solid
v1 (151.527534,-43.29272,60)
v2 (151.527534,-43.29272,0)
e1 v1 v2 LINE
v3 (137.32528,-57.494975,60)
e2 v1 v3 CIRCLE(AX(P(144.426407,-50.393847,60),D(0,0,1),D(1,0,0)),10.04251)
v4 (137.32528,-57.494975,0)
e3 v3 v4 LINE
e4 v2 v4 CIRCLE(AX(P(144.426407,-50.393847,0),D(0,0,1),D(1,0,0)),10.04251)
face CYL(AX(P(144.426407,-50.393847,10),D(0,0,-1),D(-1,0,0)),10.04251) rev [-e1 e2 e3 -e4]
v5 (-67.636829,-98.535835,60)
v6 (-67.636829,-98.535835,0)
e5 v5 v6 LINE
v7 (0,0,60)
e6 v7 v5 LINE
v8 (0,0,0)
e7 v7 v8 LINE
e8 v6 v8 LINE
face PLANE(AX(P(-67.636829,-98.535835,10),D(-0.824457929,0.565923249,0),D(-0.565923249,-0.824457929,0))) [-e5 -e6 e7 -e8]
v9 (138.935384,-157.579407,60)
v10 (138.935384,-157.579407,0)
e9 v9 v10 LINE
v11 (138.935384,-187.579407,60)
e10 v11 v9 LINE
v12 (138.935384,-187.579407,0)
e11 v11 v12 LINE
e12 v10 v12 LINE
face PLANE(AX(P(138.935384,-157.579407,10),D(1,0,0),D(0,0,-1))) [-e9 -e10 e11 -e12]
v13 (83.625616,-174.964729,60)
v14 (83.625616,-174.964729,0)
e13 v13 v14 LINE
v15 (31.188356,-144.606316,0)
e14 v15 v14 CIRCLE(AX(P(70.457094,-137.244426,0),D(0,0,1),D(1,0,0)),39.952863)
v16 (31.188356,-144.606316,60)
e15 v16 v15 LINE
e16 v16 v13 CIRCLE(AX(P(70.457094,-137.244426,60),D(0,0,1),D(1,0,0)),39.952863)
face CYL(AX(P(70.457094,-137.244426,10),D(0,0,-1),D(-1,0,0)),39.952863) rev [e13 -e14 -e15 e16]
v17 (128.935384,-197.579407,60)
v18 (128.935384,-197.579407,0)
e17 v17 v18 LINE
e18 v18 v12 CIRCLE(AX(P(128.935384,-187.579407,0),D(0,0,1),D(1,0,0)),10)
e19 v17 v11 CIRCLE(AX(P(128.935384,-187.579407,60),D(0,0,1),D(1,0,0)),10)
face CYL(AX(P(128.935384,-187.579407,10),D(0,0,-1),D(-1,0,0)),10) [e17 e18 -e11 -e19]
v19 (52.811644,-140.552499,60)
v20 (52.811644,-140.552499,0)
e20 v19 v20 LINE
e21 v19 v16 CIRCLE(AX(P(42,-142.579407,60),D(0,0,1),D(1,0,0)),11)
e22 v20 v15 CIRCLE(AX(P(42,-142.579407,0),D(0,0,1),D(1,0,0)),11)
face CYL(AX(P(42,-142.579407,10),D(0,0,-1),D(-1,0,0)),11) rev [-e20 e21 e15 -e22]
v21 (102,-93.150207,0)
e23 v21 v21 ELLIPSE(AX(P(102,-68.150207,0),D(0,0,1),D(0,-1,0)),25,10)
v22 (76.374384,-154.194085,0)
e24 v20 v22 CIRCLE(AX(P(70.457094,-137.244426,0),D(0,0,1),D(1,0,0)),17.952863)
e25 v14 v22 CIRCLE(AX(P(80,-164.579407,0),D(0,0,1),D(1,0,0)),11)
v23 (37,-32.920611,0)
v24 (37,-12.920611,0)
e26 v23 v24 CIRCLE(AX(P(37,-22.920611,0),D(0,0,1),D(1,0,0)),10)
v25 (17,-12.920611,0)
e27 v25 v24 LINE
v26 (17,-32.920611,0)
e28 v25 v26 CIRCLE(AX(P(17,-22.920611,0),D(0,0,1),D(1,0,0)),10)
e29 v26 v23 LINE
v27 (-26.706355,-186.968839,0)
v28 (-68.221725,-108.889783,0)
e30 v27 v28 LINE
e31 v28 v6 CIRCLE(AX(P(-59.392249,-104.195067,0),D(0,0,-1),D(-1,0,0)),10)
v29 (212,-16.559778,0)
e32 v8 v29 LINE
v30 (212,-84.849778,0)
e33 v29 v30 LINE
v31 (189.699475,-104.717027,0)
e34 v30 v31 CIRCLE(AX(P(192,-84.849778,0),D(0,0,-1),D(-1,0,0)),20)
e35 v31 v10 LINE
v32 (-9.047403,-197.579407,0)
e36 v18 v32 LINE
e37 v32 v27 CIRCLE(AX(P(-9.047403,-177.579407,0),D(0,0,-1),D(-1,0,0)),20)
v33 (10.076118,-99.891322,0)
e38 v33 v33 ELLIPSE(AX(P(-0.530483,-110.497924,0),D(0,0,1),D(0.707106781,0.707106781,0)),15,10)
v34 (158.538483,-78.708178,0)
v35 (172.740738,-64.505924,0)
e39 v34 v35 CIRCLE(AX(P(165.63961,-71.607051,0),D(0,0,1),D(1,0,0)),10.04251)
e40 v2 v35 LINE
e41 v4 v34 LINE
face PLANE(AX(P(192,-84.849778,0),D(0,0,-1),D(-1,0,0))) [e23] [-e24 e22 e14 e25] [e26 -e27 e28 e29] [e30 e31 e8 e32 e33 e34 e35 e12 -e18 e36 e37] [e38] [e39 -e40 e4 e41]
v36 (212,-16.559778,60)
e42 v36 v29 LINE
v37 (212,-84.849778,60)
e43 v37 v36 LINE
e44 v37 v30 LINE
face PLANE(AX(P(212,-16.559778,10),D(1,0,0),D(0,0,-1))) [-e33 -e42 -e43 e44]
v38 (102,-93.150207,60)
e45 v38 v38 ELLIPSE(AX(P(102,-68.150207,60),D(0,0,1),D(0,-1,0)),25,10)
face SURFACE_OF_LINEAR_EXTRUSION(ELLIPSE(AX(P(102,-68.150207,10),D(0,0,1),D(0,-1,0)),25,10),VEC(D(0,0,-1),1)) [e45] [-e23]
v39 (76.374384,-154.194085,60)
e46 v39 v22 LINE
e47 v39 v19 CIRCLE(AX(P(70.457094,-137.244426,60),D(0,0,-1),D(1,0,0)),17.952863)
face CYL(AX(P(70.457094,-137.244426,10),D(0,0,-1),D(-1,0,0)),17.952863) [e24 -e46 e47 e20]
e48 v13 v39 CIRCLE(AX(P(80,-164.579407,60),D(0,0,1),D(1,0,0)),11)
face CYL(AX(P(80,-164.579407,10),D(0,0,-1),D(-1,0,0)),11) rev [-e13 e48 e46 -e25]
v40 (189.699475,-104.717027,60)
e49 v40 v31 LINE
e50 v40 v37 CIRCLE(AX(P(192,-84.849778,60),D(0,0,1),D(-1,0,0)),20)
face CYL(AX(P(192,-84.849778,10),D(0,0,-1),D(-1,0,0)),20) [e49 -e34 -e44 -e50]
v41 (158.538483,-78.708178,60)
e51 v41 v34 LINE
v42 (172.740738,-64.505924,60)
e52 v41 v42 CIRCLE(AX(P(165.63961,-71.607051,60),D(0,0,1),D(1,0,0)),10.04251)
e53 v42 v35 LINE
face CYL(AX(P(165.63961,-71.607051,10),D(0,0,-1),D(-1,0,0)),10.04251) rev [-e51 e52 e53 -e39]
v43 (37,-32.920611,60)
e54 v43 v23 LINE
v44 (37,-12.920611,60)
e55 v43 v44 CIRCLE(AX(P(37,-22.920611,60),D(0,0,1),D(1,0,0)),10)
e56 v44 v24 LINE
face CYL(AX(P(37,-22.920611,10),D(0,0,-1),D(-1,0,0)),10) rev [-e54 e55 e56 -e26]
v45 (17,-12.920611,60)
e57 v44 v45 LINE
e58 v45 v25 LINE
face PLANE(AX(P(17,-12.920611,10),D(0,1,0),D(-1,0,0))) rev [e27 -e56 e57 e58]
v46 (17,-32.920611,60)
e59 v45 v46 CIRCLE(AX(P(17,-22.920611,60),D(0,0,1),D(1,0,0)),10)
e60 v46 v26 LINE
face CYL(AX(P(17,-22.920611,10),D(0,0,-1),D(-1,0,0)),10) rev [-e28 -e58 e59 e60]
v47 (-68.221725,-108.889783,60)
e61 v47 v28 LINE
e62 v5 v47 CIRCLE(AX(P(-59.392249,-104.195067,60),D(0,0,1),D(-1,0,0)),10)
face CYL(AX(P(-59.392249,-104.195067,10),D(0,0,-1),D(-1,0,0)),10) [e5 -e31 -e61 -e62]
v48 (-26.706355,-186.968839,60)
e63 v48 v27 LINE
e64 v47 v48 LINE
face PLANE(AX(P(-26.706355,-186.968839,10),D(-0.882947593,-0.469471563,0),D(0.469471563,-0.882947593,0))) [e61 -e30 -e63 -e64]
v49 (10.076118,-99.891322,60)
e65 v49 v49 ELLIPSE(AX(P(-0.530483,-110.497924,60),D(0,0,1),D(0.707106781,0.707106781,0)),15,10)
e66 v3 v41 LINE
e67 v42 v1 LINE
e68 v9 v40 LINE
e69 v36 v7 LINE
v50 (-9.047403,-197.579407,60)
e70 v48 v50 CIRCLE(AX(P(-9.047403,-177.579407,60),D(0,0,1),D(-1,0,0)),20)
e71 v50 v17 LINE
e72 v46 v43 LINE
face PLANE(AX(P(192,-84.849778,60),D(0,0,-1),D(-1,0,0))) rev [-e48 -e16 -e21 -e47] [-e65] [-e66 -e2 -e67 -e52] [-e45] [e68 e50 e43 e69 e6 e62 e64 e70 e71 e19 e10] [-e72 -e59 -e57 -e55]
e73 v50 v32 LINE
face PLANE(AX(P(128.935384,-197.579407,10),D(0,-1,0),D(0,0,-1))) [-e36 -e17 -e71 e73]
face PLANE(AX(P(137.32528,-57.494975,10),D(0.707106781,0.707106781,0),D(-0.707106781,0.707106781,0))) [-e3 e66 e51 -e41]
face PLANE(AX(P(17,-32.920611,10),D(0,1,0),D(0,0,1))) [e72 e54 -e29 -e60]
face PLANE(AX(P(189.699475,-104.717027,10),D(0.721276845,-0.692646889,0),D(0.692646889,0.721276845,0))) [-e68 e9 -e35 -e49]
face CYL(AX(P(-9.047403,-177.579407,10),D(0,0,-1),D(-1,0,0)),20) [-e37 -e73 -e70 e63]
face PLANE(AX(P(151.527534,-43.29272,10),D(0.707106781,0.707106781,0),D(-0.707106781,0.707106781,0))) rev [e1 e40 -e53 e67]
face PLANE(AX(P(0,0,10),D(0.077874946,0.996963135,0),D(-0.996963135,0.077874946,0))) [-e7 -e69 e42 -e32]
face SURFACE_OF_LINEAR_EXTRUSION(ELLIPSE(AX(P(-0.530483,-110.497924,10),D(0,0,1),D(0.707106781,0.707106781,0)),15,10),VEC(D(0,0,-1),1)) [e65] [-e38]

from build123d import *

# Parameters (mm, degrees)
SKETCH_3_RX     = 15
SKETCH_3_RY     = 10
SKETCH_3_RX_2   = 25
EXTRUDE_1_DEPTH = 10
SKETCH_3_3_RX   = 15
SKETCH_3_3_RY   = 10
SKETCH_3_3_RX_2 = 25
EXTRUDE_2_DEPTH = 60


with BuildPart() as part:
    # 草图3 → 凸台-拉伸1 (new body)
    with BuildSketch(Plane.XY):
        with BuildLine():
            Line((0, 0), (212, -16.559778275))
            Line((212, -16.559778275), (212, -84.849778275))
            ThreePointArc((212, -84.849778275), (205.303937337, -99.783138625), (189.699474868, -104.717027308))
            Line((189.699474868, -104.717027308), (138.935384383, -157.579407289))
            Line((138.935384383, -157.579407289), (138.935384383, -187.579407289))
            ThreePointArc((138.935384383, -187.579407289), (136.006452195, -194.650475101), (128.935384383, -197.579407289))
            Line((128.935384383, -197.579407289), (-9.047403236, -197.579407289))
            ThreePointArc((-9.047403236, -197.579407289), (-19.348164734, -194.722753304), (-26.706355093, -186.968838545))
            Line((-26.706355093, -186.968838545), (-68.22172539, -108.889782909))
            ThreePointArc((-68.22172539, -108.889782909), (-69.376331833, -103.631064432), (-67.636828751, -98.535834793))
            Line((-67.636828751, -98.535834793), (0, 0))
        make_face()
        with Locations(Location((-0.530483272, -110.497923763), (0, 0, -135))):
            Ellipse(SKETCH_3_RX, SKETCH_3_RY, mode=Mode.SUBTRACT)
        with Locations(Location((102, -68.15020742), (0, 0, 90))):
            Ellipse(SKETCH_3_RX_2, SKETCH_3_RY, mode=Mode.SUBTRACT)
        with BuildLine():
            Line((17, -12.920611137), (37, -12.920611137))
            ThreePointArc((37, -12.920611137), (47, -22.920611137), (37, -32.920611137))
            Line((37, -32.920611137), (17, -32.920611137))
            ThreePointArc((17, -32.920611137), (7, -22.920611137), (17, -12.920611137))
        make_face(mode=Mode.SUBTRACT)
        with BuildLine():
            Line((151.527534094, -43.292720139), (172.74073753, -64.505923575))
            ThreePointArc((172.74073753, -64.505923575), (172.74073753, -78.708178021), (158.538483084, -78.708178021))
            Line((158.538483084, -78.708178021), (137.325279648, -57.494974585))
            ThreePointArc((137.325279648, -57.494974585), (137.325279648, -43.292720139), (151.527534094, -43.292720139))
        make_face(mode=Mode.SUBTRACT)
        with BuildLine():
            ThreePointArc((31.188356134, -144.606315506), (50.439261207, -171.820683387), (83.625615961, -174.96472909))
            ThreePointArc((83.625615961, -174.96472909), (90.385321801, -160.953791328), (76.374384039, -154.194085489))
            ThreePointArc((76.374384039, -154.194085489), (61.462059159, -152.781305107), (52.811643866, -140.552499073))
            ThreePointArc((52.811643866, -140.552499073), (39.973091784, -131.767763424), (31.188356134, -144.606315506))
        make_face(mode=Mode.SUBTRACT)
    extrude(amount=EXTRUDE_1_DEPTH)

    # 草图3<3> → 凸台-拉伸2 (add)
    with BuildSketch(Plane.XY):
        with BuildLine():
            Line((0, 0), (212, -16.559778275))
            Line((212, -16.559778275), (212, -84.849778275))
            ThreePointArc((212, -84.849778275), (205.303937337, -99.783138625), (189.699474868, -104.717027308))
            Line((189.699474868, -104.717027308), (138.935384383, -157.579407289))
            Line((138.935384383, -157.579407289), (138.935384383, -187.579407289))
            ThreePointArc((138.935384383, -187.579407289), (136.006452195, -194.650475101), (128.935384383, -197.579407289))
            Line((128.935384383, -197.579407289), (-9.047403236, -197.579407289))
            ThreePointArc((-9.047403236, -197.579407289), (-19.348164734, -194.722753304), (-26.706355093, -186.968838545))
            Line((-26.706355093, -186.968838545), (-68.22172539, -108.889782909))
            ThreePointArc((-68.22172539, -108.889782909), (-69.376331833, -103.631064432), (-67.636828751, -98.535834793))
            Line((-67.636828751, -98.535834793), (0, 0))
        make_face()
        with Locations(Location((-0.530483272, -110.497923763), (0, 0, -135))):
            Ellipse(SKETCH_3_3_RX, SKETCH_3_3_RY, mode=Mode.SUBTRACT)
        with Locations(Location((102, -68.15020742), (0, 0, 90))):
            Ellipse(SKETCH_3_3_RX_2, SKETCH_3_3_RY, mode=Mode.SUBTRACT)
        with BuildLine():
            Line((17, -12.920611137), (37, -12.920611137))
            ThreePointArc((37, -12.920611137), (47, -22.920611137), (37, -32.920611137))
            Line((37, -32.920611137), (17, -32.920611137))
            ThreePointArc((17, -32.920611137), (7, -22.920611137), (17, -12.920611137))
        make_face(mode=Mode.SUBTRACT)
        with BuildLine():
            Line((151.527534094, -43.292720139), (172.74073753, -64.505923575))
            ThreePointArc((172.74073753, -64.505923575), (172.74073753, -78.708178021), (158.538483084, -78.708178021))
            Line((158.538483084, -78.708178021), (137.325279648, -57.494974585))
            ThreePointArc((137.325279648, -57.494974585), (137.325279648, -43.292720139), (151.527534094, -43.292720139))
        make_face(mode=Mode.SUBTRACT)
        with BuildLine():
            ThreePointArc((31.188356134, -144.606315506), (50.439261207, -171.820683387), (83.625615961, -174.96472909))
            ThreePointArc((83.625615961, -174.96472909), (90.385321801, -160.953791328), (76.374384039, -154.194085489))
            ThreePointArc((76.374384039, -154.194085489), (61.462059159, -152.781305107), (52.811643866, -140.552499073))
            ThreePointArc((52.811643866, -140.552499073), (39.973091784, -131.767763424), (31.188356134, -144.606315506))
        make_face(mode=Mode.SUBTRACT)
    extrude(amount=EXTRUDE_2_DEPTH)


solid = part.part
